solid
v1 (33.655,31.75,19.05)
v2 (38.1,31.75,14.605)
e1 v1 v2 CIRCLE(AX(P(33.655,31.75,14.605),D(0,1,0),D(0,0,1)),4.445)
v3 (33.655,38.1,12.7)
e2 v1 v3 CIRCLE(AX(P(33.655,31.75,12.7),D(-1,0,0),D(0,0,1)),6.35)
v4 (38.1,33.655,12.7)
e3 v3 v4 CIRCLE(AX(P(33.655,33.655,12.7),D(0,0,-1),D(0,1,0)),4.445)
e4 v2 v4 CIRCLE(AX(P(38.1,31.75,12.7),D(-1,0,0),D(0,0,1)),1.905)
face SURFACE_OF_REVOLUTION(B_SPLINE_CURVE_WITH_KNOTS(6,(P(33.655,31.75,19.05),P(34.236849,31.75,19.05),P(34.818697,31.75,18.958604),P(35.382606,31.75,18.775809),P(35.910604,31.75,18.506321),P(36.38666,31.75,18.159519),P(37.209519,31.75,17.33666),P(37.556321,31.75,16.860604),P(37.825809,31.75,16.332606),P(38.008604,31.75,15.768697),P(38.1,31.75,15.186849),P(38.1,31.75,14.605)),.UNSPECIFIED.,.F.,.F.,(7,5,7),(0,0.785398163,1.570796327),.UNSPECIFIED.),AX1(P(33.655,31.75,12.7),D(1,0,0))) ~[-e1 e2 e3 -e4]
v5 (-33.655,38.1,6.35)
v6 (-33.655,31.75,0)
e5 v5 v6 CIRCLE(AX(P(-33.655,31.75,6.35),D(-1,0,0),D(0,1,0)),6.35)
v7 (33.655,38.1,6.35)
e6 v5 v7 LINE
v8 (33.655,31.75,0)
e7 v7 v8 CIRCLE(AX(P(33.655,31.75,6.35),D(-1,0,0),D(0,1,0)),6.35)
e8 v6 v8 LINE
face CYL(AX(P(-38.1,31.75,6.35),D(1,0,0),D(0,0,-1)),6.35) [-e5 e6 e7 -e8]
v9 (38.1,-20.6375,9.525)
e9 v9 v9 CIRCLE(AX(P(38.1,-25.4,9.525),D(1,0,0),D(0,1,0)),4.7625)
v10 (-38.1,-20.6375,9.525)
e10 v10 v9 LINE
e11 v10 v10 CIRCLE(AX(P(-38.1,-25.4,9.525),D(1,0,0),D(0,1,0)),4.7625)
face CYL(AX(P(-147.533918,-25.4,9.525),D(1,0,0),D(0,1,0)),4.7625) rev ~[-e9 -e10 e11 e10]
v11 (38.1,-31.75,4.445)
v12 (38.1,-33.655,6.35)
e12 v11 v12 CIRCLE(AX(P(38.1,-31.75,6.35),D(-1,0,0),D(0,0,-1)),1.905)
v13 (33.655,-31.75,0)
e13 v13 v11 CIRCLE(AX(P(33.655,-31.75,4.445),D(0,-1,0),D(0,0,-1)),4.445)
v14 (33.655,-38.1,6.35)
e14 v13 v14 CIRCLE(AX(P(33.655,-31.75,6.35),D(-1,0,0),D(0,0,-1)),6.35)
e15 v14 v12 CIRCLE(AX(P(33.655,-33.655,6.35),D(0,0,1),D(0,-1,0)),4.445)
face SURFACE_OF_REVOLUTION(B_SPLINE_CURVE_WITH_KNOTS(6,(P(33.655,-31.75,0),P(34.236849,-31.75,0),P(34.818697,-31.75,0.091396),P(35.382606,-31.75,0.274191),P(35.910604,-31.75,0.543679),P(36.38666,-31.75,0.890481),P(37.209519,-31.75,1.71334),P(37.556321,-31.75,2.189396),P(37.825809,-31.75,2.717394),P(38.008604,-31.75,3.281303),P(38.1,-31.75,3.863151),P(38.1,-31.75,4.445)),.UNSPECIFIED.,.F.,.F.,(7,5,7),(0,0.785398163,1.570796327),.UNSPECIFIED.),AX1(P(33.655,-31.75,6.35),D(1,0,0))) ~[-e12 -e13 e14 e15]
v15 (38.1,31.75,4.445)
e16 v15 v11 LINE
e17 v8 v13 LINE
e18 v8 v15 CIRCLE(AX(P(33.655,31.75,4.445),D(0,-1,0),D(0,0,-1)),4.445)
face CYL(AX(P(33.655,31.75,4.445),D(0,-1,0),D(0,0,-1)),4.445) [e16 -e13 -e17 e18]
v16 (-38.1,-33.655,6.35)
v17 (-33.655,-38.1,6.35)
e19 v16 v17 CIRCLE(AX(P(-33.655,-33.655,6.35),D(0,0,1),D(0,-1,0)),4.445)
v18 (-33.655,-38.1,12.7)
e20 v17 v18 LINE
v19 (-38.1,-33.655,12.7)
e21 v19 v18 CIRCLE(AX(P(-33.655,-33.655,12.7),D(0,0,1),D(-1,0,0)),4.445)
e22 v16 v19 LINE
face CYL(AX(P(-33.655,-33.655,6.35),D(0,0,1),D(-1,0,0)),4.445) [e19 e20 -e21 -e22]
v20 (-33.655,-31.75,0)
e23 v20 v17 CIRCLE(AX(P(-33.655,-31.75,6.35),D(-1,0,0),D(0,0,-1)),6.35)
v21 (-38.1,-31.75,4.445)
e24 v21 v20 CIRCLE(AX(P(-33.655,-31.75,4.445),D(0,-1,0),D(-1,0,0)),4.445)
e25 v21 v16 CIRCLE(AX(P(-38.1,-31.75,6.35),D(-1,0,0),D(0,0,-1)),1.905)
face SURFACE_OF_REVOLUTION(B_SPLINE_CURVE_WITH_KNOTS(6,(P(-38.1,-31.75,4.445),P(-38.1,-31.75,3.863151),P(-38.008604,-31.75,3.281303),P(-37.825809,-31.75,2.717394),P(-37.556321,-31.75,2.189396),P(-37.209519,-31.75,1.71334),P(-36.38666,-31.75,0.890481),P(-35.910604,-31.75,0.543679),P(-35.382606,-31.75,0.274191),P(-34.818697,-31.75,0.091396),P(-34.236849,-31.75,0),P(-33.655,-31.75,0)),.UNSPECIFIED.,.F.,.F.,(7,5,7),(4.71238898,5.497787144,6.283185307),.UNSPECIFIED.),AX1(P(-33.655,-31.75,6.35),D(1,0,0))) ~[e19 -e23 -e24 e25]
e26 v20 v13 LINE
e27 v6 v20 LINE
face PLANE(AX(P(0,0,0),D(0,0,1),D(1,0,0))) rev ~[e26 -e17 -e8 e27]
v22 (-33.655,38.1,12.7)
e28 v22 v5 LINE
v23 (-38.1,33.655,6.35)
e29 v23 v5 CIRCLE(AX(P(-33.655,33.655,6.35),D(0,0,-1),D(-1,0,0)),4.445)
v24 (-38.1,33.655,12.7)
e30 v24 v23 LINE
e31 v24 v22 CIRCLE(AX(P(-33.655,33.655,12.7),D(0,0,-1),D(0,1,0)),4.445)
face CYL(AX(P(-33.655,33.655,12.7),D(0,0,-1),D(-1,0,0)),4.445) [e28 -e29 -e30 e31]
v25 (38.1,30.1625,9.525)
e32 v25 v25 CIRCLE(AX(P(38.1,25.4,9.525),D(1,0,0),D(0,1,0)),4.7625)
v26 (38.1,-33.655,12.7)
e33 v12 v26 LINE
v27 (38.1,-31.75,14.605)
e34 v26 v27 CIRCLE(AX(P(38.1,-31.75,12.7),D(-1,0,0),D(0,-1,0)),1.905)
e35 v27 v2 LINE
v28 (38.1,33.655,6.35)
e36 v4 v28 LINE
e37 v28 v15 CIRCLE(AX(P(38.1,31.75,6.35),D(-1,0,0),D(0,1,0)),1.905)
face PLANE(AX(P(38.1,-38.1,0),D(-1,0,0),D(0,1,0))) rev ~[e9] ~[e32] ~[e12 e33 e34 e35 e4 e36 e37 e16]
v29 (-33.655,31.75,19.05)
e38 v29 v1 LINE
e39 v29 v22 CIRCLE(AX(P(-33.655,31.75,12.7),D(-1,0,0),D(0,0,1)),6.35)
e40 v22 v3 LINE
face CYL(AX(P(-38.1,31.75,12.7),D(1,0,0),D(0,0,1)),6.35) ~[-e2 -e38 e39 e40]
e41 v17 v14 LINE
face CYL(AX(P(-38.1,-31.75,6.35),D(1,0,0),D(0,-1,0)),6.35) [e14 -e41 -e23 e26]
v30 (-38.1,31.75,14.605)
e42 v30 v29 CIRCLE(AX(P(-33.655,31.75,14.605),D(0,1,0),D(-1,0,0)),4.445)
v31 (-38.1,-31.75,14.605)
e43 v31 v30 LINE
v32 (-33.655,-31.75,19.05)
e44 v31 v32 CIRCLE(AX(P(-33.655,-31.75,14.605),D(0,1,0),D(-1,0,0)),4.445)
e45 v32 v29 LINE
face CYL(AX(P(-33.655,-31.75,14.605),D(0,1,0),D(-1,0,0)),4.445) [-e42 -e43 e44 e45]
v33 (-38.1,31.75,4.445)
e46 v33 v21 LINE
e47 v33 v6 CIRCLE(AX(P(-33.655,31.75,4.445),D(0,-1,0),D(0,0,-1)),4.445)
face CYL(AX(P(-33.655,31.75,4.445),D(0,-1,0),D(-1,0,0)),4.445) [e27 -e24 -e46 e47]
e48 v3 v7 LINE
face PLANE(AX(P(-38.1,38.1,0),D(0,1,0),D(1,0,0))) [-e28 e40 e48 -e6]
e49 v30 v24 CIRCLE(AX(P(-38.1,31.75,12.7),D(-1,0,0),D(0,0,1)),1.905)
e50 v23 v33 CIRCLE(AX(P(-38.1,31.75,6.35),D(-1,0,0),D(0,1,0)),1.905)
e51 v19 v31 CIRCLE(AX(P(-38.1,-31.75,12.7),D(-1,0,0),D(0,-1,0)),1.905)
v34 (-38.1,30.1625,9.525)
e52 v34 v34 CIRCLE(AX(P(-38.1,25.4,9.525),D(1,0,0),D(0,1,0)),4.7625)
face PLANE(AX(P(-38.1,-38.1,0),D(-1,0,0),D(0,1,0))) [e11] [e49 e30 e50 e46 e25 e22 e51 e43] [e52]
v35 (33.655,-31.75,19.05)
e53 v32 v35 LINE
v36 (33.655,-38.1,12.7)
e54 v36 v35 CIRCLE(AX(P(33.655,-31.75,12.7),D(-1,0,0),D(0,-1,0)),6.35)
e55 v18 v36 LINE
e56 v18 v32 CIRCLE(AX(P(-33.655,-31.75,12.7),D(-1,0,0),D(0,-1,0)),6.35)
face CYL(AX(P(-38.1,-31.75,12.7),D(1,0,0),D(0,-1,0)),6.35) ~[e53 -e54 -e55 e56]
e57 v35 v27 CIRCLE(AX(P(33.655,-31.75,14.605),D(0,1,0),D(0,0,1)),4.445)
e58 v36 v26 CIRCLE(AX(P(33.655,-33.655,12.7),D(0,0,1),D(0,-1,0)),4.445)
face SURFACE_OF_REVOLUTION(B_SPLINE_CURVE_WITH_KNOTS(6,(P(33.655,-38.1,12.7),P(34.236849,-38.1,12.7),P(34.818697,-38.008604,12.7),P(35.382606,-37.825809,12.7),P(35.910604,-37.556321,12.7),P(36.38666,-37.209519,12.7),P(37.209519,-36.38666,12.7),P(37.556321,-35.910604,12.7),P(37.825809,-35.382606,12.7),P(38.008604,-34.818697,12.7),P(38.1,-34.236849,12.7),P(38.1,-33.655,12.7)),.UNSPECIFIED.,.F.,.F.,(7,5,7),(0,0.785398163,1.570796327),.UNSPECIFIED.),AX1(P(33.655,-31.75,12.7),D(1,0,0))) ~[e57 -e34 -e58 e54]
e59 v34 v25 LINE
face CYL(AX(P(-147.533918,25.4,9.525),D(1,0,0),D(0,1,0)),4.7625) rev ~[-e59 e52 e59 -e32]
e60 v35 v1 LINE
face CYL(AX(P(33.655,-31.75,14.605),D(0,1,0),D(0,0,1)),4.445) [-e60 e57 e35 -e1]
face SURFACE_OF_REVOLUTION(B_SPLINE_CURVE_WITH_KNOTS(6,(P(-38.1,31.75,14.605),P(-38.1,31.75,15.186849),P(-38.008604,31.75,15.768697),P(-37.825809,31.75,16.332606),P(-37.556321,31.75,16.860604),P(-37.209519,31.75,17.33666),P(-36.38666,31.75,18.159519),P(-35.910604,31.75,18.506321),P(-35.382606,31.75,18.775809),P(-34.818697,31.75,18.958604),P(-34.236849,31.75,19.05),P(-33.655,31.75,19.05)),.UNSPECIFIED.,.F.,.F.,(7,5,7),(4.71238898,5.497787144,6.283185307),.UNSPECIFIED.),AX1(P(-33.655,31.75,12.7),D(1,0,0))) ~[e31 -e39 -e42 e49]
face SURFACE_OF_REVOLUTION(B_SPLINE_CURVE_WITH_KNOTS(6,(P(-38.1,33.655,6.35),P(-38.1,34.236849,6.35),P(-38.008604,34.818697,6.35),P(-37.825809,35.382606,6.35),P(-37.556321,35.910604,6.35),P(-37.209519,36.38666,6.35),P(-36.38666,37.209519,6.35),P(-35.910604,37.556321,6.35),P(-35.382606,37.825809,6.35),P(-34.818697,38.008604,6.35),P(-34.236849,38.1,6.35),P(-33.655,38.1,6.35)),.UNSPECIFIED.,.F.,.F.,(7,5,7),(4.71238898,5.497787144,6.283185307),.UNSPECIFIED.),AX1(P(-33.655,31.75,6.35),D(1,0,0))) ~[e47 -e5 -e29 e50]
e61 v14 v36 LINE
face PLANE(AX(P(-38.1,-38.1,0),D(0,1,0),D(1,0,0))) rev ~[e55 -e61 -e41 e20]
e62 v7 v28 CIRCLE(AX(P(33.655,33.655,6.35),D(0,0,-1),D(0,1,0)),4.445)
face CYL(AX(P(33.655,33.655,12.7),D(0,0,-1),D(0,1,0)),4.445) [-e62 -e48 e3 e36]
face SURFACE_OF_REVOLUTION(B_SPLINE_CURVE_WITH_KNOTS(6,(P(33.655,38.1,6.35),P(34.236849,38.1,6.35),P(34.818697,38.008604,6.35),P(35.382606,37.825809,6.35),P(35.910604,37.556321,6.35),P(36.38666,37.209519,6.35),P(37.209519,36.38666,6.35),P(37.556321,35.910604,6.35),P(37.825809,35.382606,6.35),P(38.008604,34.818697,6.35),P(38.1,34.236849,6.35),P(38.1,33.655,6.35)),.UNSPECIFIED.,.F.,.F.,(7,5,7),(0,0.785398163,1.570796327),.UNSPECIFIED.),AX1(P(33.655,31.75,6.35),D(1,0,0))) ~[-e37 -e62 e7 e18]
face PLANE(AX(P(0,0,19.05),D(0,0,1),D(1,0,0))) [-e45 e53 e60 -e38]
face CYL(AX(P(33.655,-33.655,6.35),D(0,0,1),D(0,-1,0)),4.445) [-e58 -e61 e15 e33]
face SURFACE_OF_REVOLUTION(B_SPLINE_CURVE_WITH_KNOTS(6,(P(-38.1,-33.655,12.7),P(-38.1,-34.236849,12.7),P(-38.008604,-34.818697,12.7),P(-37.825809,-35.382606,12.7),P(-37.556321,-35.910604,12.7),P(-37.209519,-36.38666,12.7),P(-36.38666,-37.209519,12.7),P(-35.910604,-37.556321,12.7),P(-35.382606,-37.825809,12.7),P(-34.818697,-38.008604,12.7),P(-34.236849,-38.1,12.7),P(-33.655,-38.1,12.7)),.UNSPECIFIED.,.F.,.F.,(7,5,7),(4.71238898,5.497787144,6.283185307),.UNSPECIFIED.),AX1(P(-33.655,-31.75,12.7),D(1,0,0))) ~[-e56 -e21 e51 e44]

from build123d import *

# Parameters (mm, degrees)
F0_W     = 76.2
F0_H     = 76.2
F1_DEPTH = 19.05
F3_D     = 9.525
F4_R     = 6.35
F5_R     = 4.445


with BuildPart() as f1:
    # F0 (on Top) → F1 (new body)
    with BuildSketch(Plane.XY):
        Rectangle(F0_W, F0_H)
    extrude(amount=F1_DEPTH)

    # F3 (through all)
    with Locations(Plane(origin=(-38.1, 0, 0), x_dir=(0, -1, 0), z_dir=(-1, 0, 0))):
        with Locations((-25.4, 9.525), (25.4, 9.525)):
            Hole(F3_D / 2)

    # F4
    f4_edges = [f1.edges().sort_by_distance(p)[0] for p in [
        (0, -38.1, 19.05),
        (0, -38.1, 0),
        (0, 38.1, 19.05),
        (0, 38.1, 0),
    ]]
    fillet(f4_edges, radius=F4_R)

    # F5
    f5_edges = [f1.edges().sort_by_distance(p)[0] for p in [
        (-38.1, 0, 19.05),
        (38.1, 0, 19.05),
    ]]
    fillet(f5_edges, radius=F5_R)


solid = f1.part
